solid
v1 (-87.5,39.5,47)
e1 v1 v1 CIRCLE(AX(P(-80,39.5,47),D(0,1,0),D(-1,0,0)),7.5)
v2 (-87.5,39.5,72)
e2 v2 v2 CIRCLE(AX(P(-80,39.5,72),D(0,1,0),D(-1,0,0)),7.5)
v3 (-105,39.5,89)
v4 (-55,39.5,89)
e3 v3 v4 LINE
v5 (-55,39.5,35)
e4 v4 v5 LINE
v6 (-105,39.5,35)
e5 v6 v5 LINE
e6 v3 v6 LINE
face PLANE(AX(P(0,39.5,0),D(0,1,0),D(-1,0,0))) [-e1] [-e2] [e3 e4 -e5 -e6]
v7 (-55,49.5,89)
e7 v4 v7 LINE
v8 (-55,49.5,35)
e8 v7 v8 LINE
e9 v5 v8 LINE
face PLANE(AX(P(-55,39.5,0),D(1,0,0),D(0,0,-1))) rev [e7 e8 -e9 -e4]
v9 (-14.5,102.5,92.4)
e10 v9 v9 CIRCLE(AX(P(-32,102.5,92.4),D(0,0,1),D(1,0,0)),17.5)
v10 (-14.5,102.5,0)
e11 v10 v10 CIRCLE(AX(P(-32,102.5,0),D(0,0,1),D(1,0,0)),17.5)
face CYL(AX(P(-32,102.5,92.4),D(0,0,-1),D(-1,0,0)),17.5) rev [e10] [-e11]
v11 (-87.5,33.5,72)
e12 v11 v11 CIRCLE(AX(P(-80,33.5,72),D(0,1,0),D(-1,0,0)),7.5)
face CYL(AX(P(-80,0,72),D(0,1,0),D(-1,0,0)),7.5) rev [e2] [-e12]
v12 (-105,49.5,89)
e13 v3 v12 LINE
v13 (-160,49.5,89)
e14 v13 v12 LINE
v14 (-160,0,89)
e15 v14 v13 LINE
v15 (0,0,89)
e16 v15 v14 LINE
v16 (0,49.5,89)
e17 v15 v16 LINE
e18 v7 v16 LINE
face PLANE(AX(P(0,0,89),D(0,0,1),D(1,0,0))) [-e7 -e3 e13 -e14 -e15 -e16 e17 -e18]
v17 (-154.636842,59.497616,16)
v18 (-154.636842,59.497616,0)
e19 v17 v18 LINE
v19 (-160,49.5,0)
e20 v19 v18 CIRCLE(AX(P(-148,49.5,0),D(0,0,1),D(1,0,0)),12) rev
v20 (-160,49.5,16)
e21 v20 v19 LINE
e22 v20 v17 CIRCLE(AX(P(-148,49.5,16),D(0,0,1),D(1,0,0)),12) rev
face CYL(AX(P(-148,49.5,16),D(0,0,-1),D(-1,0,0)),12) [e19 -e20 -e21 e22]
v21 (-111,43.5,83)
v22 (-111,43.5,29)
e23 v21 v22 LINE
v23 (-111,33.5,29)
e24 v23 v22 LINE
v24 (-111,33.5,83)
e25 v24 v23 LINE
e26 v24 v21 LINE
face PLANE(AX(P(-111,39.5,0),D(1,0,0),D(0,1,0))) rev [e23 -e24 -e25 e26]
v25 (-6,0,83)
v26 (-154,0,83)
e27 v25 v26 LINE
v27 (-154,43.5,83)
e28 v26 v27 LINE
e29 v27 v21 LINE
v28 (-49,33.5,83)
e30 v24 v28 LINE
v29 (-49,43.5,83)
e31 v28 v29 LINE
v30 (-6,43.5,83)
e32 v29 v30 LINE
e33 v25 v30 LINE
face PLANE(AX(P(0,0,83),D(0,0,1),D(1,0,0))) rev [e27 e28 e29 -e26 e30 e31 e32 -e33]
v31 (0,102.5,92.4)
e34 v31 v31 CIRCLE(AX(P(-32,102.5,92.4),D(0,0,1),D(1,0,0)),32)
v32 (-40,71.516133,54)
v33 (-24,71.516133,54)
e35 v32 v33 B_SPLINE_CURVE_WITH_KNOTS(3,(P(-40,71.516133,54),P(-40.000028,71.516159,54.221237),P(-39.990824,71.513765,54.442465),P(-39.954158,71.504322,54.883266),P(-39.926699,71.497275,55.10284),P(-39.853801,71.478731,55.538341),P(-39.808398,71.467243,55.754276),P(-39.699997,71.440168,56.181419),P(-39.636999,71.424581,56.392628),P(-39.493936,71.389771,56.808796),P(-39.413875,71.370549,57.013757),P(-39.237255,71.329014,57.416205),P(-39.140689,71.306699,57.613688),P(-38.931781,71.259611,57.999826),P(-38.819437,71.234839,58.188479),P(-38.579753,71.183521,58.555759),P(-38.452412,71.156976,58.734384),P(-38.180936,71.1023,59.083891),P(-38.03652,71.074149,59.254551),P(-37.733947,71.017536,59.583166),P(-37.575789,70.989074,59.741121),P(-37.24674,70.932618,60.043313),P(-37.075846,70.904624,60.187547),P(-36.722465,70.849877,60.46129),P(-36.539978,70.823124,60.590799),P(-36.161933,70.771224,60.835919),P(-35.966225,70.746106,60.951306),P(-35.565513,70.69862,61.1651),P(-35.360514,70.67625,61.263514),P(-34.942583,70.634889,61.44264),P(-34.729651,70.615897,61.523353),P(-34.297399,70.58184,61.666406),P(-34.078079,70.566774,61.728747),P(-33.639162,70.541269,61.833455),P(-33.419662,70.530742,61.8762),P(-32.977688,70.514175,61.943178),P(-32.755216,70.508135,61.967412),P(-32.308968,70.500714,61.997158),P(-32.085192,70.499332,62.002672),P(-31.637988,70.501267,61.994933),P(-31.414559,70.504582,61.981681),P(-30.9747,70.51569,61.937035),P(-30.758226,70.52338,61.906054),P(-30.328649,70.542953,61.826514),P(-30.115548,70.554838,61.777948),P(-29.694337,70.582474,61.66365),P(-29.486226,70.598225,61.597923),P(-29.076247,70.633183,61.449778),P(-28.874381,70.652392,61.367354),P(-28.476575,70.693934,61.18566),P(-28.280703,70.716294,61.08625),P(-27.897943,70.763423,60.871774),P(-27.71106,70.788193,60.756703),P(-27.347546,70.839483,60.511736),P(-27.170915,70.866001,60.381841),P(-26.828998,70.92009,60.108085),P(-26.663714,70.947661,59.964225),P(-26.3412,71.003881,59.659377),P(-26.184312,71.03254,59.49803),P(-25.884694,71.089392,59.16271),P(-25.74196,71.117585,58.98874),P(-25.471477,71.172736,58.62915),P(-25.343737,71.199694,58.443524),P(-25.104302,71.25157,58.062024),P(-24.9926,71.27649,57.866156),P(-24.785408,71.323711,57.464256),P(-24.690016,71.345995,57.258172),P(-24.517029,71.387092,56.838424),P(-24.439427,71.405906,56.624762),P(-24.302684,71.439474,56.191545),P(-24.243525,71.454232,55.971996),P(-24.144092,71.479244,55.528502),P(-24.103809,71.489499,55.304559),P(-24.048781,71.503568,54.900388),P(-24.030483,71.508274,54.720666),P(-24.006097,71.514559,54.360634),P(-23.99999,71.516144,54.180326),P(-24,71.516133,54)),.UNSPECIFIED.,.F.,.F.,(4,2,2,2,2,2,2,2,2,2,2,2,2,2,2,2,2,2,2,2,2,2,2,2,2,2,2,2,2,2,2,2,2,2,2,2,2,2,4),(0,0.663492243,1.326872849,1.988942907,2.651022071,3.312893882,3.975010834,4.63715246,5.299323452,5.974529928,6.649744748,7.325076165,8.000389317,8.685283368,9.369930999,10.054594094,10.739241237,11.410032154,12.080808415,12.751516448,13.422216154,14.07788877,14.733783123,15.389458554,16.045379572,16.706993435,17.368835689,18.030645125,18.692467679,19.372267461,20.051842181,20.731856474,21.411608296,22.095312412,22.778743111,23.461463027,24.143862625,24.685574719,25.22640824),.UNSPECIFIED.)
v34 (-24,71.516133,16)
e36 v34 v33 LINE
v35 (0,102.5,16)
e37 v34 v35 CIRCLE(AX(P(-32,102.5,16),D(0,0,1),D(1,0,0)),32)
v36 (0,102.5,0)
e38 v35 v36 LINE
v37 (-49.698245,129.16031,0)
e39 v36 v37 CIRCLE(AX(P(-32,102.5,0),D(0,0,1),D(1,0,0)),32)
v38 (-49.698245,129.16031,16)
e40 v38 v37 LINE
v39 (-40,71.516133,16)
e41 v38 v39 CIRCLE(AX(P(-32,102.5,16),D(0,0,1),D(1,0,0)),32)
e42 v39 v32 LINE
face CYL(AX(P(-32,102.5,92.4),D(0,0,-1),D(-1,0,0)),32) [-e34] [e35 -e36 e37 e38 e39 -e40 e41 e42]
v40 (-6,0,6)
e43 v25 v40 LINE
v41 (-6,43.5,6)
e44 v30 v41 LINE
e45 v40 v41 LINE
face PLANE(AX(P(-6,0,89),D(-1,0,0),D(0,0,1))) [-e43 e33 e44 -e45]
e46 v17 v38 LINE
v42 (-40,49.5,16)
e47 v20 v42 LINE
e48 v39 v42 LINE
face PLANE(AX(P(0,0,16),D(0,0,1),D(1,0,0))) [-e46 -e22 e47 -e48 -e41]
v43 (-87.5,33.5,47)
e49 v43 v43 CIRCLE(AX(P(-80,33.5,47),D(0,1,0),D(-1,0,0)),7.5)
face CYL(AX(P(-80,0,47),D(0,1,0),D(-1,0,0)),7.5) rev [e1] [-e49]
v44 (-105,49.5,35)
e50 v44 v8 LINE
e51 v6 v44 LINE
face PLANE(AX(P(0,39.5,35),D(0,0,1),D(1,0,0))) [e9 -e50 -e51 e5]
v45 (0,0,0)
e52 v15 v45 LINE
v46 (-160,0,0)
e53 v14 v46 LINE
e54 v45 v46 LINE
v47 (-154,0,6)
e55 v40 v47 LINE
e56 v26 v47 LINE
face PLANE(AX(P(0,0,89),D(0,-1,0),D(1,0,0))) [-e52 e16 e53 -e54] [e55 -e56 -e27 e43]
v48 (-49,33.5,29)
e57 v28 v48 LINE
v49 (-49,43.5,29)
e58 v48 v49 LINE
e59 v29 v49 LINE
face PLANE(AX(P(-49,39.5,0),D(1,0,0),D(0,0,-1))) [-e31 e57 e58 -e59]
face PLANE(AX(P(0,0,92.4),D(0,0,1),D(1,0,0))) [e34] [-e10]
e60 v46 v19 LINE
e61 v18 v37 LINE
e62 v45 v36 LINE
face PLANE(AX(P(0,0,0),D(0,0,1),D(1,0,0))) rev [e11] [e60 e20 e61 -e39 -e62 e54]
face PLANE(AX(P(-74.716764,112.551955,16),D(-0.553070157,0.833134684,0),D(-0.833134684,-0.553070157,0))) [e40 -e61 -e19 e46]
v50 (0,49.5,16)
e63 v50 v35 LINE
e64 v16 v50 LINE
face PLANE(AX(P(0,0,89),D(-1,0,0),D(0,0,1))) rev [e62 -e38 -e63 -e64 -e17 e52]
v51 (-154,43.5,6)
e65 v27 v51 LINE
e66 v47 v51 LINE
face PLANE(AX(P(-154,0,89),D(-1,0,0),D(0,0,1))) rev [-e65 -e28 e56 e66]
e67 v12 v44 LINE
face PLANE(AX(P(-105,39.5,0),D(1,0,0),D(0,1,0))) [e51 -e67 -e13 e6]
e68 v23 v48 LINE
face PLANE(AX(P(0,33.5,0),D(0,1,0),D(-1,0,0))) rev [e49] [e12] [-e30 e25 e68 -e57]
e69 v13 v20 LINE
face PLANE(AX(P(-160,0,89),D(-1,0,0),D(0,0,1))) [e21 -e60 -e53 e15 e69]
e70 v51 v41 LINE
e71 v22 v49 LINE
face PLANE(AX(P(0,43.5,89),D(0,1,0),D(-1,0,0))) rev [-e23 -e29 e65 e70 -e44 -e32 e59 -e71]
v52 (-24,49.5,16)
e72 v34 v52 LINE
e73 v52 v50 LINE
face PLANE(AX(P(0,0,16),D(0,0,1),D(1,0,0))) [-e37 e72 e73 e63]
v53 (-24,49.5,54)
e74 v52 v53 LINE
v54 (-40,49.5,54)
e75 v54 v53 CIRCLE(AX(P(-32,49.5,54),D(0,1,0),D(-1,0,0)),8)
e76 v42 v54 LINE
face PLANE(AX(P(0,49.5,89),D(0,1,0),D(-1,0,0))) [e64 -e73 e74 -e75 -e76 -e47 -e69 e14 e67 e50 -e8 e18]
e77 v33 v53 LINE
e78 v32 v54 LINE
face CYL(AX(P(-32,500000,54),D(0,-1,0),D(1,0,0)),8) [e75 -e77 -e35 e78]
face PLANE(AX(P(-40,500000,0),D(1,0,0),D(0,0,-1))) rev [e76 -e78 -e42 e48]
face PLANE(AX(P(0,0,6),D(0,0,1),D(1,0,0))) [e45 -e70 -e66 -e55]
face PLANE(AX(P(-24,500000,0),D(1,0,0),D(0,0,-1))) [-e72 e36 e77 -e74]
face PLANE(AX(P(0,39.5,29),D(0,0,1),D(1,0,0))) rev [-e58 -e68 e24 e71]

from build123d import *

# Parameters (mm, degrees)
SKETCH1_W                = 160
SKETCH1_H                = 49.5
BOSS_EXTRUDE1_DEPTH      = 89
BOSS_EXTRUDE2_DEPTH      = 16
SKETCH2_W                = 50
SKETCH2_H                = 54
SKETCH2_R                = 7.5
CUT_EXTRUDE1_DEPTH       = 10
SHELL2_T                 = -6
SKETCH1_4_R              = 32
SKETCH1_4_R_2            = 17.5
BOSS_EXTRUDE3_DEPTH      = 92.4
BOSS_EXTRUDE4_REACH      = 205.378
BOSS_EXTRUDE4_END_RADIUS = 32
SKETCH2_8_R              = 7.5
CUT_EXTRUDE4_DEPTH       = 204.378366598


with BuildPart() as part:
    # Sketch1 → Boss-Extrude1 (new body)
    with BuildSketch(Plane.XY):
        with Locations((-80, 24.75)):
            Rectangle(SKETCH1_W, SKETCH1_H)
    extrude(amount=BOSS_EXTRUDE1_DEPTH)

    # Sketch2 → Cut-Extrude1 (cut)
    with BuildSketch(Plane(origin=(0, 49.5, 0), x_dir=(1, 0, 0), z_dir=(0, 1, 0))):
        with Locations((-80, -62)):
            Rectangle(SKETCH2_W, SKETCH2_H)
        with Locations(Location((-80, -72, 0), (0, 0, 180))):
            Circle(SKETCH2_R, mode=Mode.SUBTRACT)
        with Locations(Location((-80, -47, 0), (0, 0, 180))):
            Circle(SKETCH2_R, mode=Mode.SUBTRACT)
    extrude(amount=-CUT_EXTRUDE1_DEPTH, mode=Mode.SUBTRACT)

    # Shell2
    shell2_openings = [part.faces().sort_by_distance(p)[0] for p in [
        (-80, 0, 44.5),
    ]]
    offset(amount=SHELL2_T, openings=shell2_openings, kind=Kind.INTERSECTION)

    # Boss-Extrude4: up to this cylinder (the profile starts outside it)
    boss_extrude4_end = Plane(origin=(-32, 102.5, 38.177591), z_dir=(0, 0, -1)) * Cylinder(BOSS_EXTRUDE4_END_RADIUS, 475.756, mode=Mode.PRIVATE)
    # Sketch2<6> → Boss-Extrude4 (add, up to the surface)
    with BuildSketch(Plane(origin=(0, 49.5, 0), x_dir=(1, 0, 0), z_dir=(0, 1, 0)), mode=Mode.PRIVATE) as boss_extrude4_sk1:
        with BuildLine():
            Line((-40, -16), (-24, -16))
            Line((-24, -16), (-24, -54))
            ThreePointArc((-24, -54), (-32, -62), (-40, -54))
            Line((-40, -54), (-40, -16))
        make_face()
    boss_extrude4_tool1 = extrude(boss_extrude4_sk1.sketch, amount=BOSS_EXTRUDE4_REACH, mode=Mode.PRIVATE) - boss_extrude4_end
    add(boss_extrude4_tool1.solids().sort_by_distance((-32, 49.5, 38.177591))[0])

    # Sketch2<8> → Cut-Extrude4 (cut, through all)
    with BuildSketch(Plane(origin=(0, 49.5, 0), x_dir=(1, 0, 0), z_dir=(0, 1, 0))):
        with Locations(Location((-80, -47, 0), (0, 0, 180))):
            Circle(SKETCH2_8_R)
        with Locations(Location((-80, -72, 0), (0, 0, 180))):
            Circle(SKETCH2_8_R)
    extrude(amount=-CUT_EXTRUDE4_DEPTH, mode=Mode.SUBTRACT)


with BuildPart() as body_2:
    # Sketch1<3> → Boss-Extrude2 (new body)
    with BuildSketch(Plane.XY):
        with BuildLine():
            Line((-160, 49.5), (0, 49.5))
            Line((0, 49.5), (0, 102.5))
            ThreePointArc((0, 102.5), (-47.127064471, 74.301207109), (-49.698245031, 129.160309879))
            Line((-49.698245031, 129.160309879), (-154.636841887, 59.497616205))
            ThreePointArc((-154.636841887, 59.497616205), (-158.574547334, 55.172649177), (-160, 49.5))
        make_face()
    extrude(amount=BOSS_EXTRUDE2_DEPTH)


with BuildPart() as body_3:
    # Sketch1<4> → Boss-Extrude3 (new body)
    with BuildSketch(Plane.XY):
        with Locations((-32, 102.5)):
            Circle(SKETCH1_4_R)
        with Locations((-32, 102.5)):
            Circle(SKETCH1_4_R_2, mode=Mode.SUBTRACT)
    extrude(amount=BOSS_EXTRUDE3_DEPTH)

    # Combine1: union part, body 2
    add(part.part)
    add(body_2.part)


solid = body_3.part
